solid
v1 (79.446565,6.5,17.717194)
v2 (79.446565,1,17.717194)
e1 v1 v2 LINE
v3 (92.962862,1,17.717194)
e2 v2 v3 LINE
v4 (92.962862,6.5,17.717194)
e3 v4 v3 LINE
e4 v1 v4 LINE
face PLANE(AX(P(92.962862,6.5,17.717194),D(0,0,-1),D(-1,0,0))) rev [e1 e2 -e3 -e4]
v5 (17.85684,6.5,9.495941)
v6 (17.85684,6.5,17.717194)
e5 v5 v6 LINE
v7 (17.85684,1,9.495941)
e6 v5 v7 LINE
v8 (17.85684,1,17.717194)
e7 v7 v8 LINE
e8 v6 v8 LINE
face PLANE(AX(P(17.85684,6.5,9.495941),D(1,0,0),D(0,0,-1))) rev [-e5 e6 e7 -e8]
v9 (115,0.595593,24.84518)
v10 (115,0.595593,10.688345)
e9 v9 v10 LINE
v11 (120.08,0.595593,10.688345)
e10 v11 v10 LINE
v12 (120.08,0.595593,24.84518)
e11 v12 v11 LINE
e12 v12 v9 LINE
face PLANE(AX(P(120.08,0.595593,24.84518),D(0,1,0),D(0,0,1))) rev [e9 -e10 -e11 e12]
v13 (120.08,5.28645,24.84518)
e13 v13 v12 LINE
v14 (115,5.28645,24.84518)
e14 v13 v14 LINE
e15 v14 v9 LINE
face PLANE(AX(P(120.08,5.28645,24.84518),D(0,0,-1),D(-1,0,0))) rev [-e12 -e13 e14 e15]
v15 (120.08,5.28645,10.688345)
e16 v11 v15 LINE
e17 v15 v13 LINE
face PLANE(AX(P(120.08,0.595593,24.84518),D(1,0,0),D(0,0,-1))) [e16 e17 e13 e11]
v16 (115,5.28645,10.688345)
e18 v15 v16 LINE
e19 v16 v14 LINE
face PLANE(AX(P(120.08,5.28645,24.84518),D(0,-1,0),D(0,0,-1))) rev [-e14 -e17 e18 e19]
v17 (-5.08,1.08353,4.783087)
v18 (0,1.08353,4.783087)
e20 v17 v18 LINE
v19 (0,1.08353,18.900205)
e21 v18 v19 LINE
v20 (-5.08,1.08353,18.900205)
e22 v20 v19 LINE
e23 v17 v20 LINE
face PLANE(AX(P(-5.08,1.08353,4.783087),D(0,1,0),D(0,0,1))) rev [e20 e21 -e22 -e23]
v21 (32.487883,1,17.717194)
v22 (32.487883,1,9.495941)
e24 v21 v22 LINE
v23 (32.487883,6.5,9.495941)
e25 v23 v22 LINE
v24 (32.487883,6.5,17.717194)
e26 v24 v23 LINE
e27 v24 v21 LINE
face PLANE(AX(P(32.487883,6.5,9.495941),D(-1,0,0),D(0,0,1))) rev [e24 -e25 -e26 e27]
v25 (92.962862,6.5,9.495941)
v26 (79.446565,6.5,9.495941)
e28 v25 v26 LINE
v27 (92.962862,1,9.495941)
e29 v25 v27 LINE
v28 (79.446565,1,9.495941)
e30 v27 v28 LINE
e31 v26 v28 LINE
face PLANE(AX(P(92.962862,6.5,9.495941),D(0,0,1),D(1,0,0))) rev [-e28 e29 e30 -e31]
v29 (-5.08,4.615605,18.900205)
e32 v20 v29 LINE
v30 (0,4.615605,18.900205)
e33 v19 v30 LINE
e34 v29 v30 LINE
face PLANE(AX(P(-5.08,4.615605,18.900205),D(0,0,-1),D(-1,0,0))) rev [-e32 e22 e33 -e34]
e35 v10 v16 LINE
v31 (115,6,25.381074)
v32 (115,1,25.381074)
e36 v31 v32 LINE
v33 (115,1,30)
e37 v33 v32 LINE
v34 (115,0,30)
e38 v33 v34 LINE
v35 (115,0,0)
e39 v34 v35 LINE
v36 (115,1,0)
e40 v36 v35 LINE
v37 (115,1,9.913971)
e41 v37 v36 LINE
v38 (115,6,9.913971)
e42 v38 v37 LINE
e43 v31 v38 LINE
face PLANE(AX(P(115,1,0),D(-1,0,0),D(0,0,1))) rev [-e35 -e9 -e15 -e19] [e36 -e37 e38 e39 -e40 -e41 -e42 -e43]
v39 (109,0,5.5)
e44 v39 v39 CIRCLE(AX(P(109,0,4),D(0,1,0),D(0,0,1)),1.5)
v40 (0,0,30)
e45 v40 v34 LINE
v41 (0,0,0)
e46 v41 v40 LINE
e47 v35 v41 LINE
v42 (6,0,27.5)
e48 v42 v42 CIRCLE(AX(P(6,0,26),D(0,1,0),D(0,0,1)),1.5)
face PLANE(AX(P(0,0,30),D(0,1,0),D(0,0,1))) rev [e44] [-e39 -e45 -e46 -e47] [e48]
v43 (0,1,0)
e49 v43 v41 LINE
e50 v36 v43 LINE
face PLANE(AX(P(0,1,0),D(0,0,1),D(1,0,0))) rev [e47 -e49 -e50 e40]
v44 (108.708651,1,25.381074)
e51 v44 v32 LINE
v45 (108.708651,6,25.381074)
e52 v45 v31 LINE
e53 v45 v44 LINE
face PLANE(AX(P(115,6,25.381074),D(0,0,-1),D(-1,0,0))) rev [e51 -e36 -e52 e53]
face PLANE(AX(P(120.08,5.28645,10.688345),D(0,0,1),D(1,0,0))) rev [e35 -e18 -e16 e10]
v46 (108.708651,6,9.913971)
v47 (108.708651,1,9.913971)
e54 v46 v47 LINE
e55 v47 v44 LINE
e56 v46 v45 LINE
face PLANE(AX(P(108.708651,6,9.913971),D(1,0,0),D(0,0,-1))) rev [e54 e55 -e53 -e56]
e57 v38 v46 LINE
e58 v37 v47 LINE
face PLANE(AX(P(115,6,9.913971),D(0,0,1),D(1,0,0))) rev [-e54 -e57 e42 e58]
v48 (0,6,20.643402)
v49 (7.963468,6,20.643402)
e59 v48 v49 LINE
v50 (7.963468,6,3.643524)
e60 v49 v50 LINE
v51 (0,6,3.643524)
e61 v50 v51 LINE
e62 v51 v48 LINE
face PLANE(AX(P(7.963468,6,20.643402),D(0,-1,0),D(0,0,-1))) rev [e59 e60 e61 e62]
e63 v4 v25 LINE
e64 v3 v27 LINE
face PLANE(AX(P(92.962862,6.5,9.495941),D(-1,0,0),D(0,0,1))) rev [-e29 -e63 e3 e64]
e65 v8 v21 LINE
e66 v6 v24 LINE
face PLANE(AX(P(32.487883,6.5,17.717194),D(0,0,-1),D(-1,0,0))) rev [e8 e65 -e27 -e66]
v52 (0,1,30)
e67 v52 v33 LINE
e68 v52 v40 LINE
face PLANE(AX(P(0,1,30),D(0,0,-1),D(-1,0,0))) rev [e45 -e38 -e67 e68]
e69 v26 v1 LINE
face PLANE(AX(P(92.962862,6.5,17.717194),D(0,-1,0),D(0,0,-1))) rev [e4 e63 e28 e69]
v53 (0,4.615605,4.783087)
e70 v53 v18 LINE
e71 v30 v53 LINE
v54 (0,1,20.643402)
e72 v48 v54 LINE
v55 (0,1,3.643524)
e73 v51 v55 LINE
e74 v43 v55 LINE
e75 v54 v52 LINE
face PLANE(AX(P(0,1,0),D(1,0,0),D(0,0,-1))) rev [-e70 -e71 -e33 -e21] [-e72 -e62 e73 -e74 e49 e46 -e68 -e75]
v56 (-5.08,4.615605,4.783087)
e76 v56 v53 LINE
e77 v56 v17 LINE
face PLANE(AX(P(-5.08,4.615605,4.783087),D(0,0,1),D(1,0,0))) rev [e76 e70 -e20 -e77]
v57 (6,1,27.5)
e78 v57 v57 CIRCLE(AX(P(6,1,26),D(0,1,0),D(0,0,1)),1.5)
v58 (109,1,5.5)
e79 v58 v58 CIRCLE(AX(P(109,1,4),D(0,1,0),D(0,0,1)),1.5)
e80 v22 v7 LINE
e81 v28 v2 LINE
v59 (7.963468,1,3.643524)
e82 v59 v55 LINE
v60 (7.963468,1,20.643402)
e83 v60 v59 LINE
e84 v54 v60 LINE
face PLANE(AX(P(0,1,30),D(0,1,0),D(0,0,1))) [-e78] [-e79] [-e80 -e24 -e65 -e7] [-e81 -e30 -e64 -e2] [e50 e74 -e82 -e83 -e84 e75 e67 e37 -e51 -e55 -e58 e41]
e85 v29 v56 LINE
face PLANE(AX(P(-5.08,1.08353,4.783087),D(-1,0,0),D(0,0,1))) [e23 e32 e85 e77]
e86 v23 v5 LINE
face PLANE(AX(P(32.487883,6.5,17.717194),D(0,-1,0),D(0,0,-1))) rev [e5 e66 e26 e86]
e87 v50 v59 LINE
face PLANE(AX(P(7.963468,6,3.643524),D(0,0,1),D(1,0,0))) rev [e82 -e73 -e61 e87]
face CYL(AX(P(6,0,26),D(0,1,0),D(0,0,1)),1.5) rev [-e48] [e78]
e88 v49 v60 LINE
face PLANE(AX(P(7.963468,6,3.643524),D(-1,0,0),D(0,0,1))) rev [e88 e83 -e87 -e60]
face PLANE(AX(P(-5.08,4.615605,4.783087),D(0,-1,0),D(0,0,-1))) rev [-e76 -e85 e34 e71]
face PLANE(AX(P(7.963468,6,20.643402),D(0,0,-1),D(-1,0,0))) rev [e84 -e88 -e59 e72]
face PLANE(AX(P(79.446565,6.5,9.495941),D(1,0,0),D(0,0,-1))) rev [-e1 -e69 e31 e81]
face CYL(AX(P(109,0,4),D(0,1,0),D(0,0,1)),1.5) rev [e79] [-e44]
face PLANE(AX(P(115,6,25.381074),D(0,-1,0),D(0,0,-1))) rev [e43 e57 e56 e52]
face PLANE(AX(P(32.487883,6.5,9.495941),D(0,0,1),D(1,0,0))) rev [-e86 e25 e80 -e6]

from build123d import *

# Parameters (mm, degrees)
SKETCH1_W                       = 115
SKETCH1_H                       = 30
EXTRUDE1_DEPTH                  = 1
SKETCH2_R                       = 1.5
MOUNT_HOLES_CUT_DEPTH           = 1
SKETCH4_W                       = 13.516297105
SKETCH4_H                       = 8.221252878
SKETCH4_W_2                     = 14.631043257
INDUCTORS_DEPTH                 = 5.5
SKETCH5_W                       = 6.291348601
SKETCH5_H                       = 15.467102872
SKETCH5_W_2                     = 7.96346783
SKETCH5_H_2                     = 16.999878832
CCFL_CONN_DEPTH                 = 5
SKETCH6_W                       = 14.156835531
SKETCH6_H                       = 4.690856218
MATE_AND_WIRE_STICK_OUT_1_DEPTH = 5.08
SKETCH7_W                       = 14.117118553
SKETCH7_H                       = 3.532074628
MATE_AND_WIRE_STICK_OUT_2_DEPTH = 5.08


with BuildPart() as part:
    # Sketch1 → Extrude1 (new body)
    with BuildSketch(Plane(origin=(0, 0, 0), x_dir=(1, 0, 0), z_dir=(0, 1, 0))):
        with Locations((57.5, -15)):
            Rectangle(SKETCH1_W, SKETCH1_H)
    extrude(amount=EXTRUDE1_DEPTH)

    # Sketch2 → mount holes - cut (cut)
    with BuildSketch(Plane(origin=(0, 1, 0), x_dir=(-1, 0, 0), z_dir=(0, 1, 0))):
        with Locations((-109, 4)):
            Circle(SKETCH2_R)
        with Locations((-6, 26)):
            Circle(SKETCH2_R)
    extrude(amount=-MOUNT_HOLES_CUT_DEPTH, mode=Mode.SUBTRACT)

    # Sketch4 → inductors (add)
    with BuildSketch(Plane(origin=(0, 1, 0), x_dir=(-1, 0, 0), z_dir=(0, 1, 0))):
        with Locations((-86.204713438, 13.606567309)):
            Rectangle(SKETCH4_W, SKETCH4_H)
        with Locations((-25.172361566, 13.606567309)):
            Rectangle(SKETCH4_W_2, SKETCH4_H)
    extrude(amount=INDUCTORS_DEPTH)

    # Sketch5 → ccfl conn (add)
    with BuildSketch(Plane(origin=(0, 1, 0), x_dir=(-1, 0, 0), z_dir=(0, 1, 0))):
        with Locations((-111.8543257, 17.647522113)):
            Rectangle(SKETCH5_W, SKETCH5_H)
        with Locations((-3.981733915, 12.143462983)):
            Rectangle(SKETCH5_W_2, SKETCH5_H_2)
    extrude(amount=CCFL_CONN_DEPTH)

    # Sketch6 → mate and wire stick-out 1 (add)
    with BuildSketch(Plane(origin=(115, 0, 0), x_dir=(0, 0, -1), z_dir=(1, 0, 0))):
        with Locations((-17.7667625, 2.941021447)):
            Rectangle(SKETCH6_W, SKETCH6_H)
    extrude(amount=MATE_AND_WIRE_STICK_OUT_1_DEPTH)

    # Sketch7 → mate and wire stick-out 2 (add)
    with BuildSketch(Plane.ZY):
        with Locations((11.841645931, 2.849567483)):
            Rectangle(SKETCH7_W, SKETCH7_H)
    extrude(amount=MATE_AND_WIRE_STICK_OUT_2_DEPTH)


solid = part.part
